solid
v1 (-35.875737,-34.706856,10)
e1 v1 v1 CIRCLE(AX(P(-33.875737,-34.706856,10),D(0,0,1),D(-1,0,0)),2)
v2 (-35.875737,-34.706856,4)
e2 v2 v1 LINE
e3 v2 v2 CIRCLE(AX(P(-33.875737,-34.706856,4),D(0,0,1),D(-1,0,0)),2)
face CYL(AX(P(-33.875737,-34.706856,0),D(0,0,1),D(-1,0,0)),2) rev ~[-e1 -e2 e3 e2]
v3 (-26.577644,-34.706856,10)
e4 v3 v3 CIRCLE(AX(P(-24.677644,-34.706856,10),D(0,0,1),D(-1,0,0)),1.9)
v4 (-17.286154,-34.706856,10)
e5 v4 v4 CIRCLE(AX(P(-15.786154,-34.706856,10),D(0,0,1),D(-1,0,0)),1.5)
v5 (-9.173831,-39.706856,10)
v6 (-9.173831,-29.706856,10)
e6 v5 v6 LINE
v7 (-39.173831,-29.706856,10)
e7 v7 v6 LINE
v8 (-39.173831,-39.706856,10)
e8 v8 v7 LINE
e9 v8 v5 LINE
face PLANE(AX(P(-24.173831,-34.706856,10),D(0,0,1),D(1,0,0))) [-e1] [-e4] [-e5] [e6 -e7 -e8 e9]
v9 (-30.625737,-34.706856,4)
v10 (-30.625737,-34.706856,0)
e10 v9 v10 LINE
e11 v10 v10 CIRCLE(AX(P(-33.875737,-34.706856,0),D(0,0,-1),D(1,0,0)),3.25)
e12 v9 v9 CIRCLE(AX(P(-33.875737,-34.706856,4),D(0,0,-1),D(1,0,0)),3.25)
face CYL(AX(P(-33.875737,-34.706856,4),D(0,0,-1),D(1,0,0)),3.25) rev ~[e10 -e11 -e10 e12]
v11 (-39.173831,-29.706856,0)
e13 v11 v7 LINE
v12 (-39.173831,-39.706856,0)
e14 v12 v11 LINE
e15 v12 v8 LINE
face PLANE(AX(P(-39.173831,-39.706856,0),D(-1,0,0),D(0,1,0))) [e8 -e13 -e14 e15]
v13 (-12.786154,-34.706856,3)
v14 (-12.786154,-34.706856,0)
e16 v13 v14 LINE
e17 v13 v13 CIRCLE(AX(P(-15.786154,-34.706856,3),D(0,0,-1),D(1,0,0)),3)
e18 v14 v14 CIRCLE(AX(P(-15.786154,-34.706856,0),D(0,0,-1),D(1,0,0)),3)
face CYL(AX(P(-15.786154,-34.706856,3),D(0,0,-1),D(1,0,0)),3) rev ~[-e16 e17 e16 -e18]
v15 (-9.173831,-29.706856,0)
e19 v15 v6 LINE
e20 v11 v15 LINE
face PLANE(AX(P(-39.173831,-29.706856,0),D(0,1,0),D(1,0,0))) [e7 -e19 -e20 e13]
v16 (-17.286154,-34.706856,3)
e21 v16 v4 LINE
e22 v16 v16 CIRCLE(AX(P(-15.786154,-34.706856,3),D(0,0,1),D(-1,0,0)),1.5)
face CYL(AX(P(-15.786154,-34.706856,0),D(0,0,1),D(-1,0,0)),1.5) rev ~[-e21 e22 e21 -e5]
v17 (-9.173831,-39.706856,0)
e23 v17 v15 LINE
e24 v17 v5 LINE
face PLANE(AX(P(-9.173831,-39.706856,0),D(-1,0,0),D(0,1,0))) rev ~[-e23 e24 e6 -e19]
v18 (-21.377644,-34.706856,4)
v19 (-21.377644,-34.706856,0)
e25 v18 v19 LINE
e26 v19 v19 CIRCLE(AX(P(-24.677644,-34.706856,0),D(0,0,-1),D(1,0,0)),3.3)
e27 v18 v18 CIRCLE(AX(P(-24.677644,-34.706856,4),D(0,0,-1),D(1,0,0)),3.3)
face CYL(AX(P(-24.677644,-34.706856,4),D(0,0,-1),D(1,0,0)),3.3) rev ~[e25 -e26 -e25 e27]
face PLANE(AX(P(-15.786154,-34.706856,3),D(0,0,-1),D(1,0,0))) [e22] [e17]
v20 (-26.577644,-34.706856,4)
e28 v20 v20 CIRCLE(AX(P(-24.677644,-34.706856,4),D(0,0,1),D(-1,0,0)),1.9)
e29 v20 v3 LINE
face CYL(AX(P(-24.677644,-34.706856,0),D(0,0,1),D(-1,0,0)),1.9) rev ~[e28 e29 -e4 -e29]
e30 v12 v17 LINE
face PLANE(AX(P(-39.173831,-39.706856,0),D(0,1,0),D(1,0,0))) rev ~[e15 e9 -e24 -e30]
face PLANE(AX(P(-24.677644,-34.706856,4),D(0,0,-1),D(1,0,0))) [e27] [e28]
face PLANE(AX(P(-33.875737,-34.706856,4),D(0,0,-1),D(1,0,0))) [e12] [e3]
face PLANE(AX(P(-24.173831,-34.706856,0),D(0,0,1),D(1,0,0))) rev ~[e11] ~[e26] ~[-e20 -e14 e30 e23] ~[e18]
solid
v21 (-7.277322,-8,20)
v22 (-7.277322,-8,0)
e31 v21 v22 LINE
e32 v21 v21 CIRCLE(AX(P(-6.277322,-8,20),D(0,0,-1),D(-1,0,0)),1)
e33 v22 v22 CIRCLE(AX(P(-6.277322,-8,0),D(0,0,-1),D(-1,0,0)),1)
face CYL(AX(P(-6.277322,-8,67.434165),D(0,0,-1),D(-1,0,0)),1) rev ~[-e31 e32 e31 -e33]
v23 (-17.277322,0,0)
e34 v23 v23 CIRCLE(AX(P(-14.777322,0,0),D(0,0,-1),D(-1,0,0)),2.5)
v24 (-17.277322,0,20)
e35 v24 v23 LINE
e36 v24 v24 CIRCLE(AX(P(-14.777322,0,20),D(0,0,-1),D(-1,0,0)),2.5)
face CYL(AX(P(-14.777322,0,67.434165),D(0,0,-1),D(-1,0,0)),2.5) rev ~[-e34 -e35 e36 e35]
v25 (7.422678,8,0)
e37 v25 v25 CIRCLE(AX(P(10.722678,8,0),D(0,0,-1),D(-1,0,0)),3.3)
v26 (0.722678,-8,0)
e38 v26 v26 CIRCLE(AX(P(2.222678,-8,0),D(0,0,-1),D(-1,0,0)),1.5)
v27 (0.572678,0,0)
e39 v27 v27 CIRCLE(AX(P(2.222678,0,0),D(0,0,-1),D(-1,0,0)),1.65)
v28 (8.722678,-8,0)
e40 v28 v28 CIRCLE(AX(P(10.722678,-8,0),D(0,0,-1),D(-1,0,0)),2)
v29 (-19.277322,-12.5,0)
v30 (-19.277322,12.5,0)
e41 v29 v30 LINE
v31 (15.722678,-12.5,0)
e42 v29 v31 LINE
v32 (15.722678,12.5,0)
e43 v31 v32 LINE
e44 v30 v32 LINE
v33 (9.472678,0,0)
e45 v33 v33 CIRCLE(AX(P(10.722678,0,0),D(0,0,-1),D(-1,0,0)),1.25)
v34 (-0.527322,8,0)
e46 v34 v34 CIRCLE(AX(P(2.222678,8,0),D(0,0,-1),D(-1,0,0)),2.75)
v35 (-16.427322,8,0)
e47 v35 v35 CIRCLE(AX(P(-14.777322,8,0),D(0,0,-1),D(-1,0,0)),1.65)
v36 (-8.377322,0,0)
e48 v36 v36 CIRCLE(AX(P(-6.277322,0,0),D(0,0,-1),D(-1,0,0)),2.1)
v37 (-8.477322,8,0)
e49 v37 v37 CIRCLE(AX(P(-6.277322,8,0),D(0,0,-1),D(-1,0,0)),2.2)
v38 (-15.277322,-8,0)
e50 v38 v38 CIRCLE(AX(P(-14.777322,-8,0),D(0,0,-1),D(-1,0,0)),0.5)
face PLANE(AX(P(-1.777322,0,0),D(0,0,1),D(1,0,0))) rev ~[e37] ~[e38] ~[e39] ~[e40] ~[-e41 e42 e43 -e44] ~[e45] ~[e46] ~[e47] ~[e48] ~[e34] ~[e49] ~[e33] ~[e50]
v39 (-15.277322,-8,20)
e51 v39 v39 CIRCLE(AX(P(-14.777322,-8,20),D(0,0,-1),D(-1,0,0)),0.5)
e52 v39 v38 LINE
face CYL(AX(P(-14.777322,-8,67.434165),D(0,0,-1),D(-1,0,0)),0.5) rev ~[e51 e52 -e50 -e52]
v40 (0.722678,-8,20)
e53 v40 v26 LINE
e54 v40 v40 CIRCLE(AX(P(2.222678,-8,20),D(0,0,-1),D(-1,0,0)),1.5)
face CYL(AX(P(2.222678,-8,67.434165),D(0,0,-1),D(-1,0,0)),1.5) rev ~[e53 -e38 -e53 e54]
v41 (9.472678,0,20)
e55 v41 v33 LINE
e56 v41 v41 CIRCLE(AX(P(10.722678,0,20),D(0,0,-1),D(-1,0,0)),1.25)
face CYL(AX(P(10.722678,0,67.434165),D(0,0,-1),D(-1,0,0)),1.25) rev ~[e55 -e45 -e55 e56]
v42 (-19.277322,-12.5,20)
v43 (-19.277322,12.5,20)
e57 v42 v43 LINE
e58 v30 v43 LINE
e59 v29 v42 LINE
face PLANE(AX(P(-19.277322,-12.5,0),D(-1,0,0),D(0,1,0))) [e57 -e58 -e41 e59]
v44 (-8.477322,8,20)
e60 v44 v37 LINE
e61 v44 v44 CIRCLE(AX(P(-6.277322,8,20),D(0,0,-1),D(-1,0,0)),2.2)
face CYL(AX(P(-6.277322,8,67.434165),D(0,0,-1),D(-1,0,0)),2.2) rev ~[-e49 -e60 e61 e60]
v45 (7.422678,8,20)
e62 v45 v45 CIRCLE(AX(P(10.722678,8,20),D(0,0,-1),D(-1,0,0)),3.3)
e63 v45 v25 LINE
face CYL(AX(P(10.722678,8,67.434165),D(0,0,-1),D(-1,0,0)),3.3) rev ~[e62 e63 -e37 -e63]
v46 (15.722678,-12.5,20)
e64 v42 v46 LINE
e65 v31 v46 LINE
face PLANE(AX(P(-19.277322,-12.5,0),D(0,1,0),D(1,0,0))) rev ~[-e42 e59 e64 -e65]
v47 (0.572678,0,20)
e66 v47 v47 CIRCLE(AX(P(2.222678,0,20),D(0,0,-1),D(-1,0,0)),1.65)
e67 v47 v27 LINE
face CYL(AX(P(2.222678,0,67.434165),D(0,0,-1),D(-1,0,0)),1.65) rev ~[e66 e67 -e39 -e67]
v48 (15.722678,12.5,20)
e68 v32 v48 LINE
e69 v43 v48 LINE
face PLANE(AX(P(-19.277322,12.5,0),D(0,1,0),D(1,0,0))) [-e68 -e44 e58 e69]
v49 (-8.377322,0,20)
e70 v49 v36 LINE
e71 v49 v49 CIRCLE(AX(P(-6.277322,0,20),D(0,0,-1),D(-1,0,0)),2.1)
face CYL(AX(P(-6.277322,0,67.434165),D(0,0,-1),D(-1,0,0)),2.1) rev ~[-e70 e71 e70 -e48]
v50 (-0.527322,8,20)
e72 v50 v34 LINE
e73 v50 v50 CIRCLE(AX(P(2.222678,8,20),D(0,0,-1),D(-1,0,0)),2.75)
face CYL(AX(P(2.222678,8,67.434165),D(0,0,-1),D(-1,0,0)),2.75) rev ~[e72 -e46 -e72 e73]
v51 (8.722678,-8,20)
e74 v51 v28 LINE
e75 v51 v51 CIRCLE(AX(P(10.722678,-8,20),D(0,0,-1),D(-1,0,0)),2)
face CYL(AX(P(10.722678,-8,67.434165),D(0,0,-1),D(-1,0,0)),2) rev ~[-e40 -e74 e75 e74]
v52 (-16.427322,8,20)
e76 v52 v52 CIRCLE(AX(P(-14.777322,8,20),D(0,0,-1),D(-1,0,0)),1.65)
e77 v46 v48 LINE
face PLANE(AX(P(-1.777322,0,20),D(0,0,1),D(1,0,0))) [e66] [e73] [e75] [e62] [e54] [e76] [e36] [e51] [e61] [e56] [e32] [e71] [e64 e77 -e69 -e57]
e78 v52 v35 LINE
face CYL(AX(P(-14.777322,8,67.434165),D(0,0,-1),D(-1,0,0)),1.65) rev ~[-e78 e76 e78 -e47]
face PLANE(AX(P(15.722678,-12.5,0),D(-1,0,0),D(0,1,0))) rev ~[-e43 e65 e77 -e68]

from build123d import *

# Parameters (mm, degrees)
F0_W            = 35
F0_H            = 25
F1_DEPTH        = 20
F3_D            = 3.3
F4_D            = 4.4
F5_D            = 5.5
F6_D            = 6.6
F7_D            = 5
F8_D            = 4.2
F9_D            = 3.3
F10_D           = 2.5
F11_D           = 1
F12_D           = 2
F13_D           = 3
F14_D           = 4
F15_W           = 30
F15_H           = 10
F16_DEPTH       = 10
F17_D           = 4
F17_CBORE_D     = 6.5
F17_CBORE_DEPTH = 4
F18_D           = 3.8
F18_CBORE_D     = 6.6
F18_CBORE_DEPTH = 4
F19_D           = 3
F19_CBORE_D     = 6
F19_CBORE_DEPTH = 3


with BuildPart() as f1:
    # F0 (on Top) → F1 (new body)
    with BuildSketch(Plane.XY):
        with Locations((-1.7773216218, 0)):
            Rectangle(F0_W, F0_H)
    extrude(amount=F1_DEPTH)

    # F3 (through all)
    with Locations(Plane.XY.offset(20)):
        with Locations((-14.7773216218, 8)):
            Hole(F3_D / 2)

    # F4 (through all)
    with Locations(Plane.XY.offset(20)):
        with Locations((-6.2773216218, 8)):
            Hole(F4_D / 2)

    # F5 (through all)
    with Locations(Plane.XY.offset(20)):
        with Locations((2.2226783782, 8)):
            Hole(F5_D / 2)

    # F6 (through all)
    with Locations(Plane.XY.offset(20)):
        with Locations((10.7226783782, 8)):
            Hole(F6_D / 2)

    # F7 (through all)
    with Locations(Plane.XY.offset(20)):
        with Locations((-14.7773216218, 0)):
            Hole(F7_D / 2)

    # F8 (through all)
    with Locations(Plane.XY.offset(20)):
        with Locations((-6.2773216218, 0)):
            Hole(F8_D / 2)

    # F9 (through all)
    with Locations(Plane.XY.offset(20)):
        with Locations((2.2226783782, 0)):
            Hole(F9_D / 2)

    # F10 (through all)
    with Locations(Plane.XY.offset(20)):
        with Locations((10.7226783782, 0)):
            Hole(F10_D / 2)

    # F11 (through all)
    with Locations(Plane.XY.offset(20)):
        with Locations((-14.7773216218, -8)):
            Hole(F11_D / 2)

    # F12 (through all)
    with Locations(Plane.XY.offset(20)):
        with Locations((-6.2773216218, -8)):
            Hole(F12_D / 2)

    # F13 (through all)
    with Locations(Plane.XY.offset(20)):
        with Locations((2.2226783782, -8)):
            Hole(F13_D / 2)

    # F14 (through all)
    with Locations(Plane.XY.offset(20)):
        with Locations((10.7226783782, -8)):
            Hole(F14_D / 2)


with BuildPart() as f16:
    # F15 (on Top) → F16 (new body)
    with BuildSketch(Plane.XY):
        with Locations((-24.1738305241, -34.7068560123)):
            Rectangle(F15_W, F15_H)
    extrude(amount=F16_DEPTH)

    # F17 (through all)
    with Locations(Plane(origin=(0, 0, 0), x_dir=(1, 0, 0), z_dir=(0, 0, -1))):
        with Locations((-33.8757373393, 34.7068560123)):
            CounterBoreHole(F17_D / 2, F17_CBORE_D / 2, F17_CBORE_DEPTH)

    # F18 (through all)
    with Locations(Plane(origin=(0, 0, 0), x_dir=(1, 0, 0), z_dir=(0, 0, -1))):
        with Locations((-24.6776435524, 34.7068560123)):
            CounterBoreHole(F18_D / 2, F18_CBORE_D / 2, F18_CBORE_DEPTH)

    # F19 (through all)
    with Locations(Plane(origin=(0, 0, 0), x_dir=(1, 0, 0), z_dir=(0, 0, -1))):
        with Locations((-15.7861541957, 34.7068560123)):
            CounterBoreHole(F19_D / 2, F19_CBORE_D / 2, F19_CBORE_DEPTH)


solid = Compound([f1.part, f16.part])
